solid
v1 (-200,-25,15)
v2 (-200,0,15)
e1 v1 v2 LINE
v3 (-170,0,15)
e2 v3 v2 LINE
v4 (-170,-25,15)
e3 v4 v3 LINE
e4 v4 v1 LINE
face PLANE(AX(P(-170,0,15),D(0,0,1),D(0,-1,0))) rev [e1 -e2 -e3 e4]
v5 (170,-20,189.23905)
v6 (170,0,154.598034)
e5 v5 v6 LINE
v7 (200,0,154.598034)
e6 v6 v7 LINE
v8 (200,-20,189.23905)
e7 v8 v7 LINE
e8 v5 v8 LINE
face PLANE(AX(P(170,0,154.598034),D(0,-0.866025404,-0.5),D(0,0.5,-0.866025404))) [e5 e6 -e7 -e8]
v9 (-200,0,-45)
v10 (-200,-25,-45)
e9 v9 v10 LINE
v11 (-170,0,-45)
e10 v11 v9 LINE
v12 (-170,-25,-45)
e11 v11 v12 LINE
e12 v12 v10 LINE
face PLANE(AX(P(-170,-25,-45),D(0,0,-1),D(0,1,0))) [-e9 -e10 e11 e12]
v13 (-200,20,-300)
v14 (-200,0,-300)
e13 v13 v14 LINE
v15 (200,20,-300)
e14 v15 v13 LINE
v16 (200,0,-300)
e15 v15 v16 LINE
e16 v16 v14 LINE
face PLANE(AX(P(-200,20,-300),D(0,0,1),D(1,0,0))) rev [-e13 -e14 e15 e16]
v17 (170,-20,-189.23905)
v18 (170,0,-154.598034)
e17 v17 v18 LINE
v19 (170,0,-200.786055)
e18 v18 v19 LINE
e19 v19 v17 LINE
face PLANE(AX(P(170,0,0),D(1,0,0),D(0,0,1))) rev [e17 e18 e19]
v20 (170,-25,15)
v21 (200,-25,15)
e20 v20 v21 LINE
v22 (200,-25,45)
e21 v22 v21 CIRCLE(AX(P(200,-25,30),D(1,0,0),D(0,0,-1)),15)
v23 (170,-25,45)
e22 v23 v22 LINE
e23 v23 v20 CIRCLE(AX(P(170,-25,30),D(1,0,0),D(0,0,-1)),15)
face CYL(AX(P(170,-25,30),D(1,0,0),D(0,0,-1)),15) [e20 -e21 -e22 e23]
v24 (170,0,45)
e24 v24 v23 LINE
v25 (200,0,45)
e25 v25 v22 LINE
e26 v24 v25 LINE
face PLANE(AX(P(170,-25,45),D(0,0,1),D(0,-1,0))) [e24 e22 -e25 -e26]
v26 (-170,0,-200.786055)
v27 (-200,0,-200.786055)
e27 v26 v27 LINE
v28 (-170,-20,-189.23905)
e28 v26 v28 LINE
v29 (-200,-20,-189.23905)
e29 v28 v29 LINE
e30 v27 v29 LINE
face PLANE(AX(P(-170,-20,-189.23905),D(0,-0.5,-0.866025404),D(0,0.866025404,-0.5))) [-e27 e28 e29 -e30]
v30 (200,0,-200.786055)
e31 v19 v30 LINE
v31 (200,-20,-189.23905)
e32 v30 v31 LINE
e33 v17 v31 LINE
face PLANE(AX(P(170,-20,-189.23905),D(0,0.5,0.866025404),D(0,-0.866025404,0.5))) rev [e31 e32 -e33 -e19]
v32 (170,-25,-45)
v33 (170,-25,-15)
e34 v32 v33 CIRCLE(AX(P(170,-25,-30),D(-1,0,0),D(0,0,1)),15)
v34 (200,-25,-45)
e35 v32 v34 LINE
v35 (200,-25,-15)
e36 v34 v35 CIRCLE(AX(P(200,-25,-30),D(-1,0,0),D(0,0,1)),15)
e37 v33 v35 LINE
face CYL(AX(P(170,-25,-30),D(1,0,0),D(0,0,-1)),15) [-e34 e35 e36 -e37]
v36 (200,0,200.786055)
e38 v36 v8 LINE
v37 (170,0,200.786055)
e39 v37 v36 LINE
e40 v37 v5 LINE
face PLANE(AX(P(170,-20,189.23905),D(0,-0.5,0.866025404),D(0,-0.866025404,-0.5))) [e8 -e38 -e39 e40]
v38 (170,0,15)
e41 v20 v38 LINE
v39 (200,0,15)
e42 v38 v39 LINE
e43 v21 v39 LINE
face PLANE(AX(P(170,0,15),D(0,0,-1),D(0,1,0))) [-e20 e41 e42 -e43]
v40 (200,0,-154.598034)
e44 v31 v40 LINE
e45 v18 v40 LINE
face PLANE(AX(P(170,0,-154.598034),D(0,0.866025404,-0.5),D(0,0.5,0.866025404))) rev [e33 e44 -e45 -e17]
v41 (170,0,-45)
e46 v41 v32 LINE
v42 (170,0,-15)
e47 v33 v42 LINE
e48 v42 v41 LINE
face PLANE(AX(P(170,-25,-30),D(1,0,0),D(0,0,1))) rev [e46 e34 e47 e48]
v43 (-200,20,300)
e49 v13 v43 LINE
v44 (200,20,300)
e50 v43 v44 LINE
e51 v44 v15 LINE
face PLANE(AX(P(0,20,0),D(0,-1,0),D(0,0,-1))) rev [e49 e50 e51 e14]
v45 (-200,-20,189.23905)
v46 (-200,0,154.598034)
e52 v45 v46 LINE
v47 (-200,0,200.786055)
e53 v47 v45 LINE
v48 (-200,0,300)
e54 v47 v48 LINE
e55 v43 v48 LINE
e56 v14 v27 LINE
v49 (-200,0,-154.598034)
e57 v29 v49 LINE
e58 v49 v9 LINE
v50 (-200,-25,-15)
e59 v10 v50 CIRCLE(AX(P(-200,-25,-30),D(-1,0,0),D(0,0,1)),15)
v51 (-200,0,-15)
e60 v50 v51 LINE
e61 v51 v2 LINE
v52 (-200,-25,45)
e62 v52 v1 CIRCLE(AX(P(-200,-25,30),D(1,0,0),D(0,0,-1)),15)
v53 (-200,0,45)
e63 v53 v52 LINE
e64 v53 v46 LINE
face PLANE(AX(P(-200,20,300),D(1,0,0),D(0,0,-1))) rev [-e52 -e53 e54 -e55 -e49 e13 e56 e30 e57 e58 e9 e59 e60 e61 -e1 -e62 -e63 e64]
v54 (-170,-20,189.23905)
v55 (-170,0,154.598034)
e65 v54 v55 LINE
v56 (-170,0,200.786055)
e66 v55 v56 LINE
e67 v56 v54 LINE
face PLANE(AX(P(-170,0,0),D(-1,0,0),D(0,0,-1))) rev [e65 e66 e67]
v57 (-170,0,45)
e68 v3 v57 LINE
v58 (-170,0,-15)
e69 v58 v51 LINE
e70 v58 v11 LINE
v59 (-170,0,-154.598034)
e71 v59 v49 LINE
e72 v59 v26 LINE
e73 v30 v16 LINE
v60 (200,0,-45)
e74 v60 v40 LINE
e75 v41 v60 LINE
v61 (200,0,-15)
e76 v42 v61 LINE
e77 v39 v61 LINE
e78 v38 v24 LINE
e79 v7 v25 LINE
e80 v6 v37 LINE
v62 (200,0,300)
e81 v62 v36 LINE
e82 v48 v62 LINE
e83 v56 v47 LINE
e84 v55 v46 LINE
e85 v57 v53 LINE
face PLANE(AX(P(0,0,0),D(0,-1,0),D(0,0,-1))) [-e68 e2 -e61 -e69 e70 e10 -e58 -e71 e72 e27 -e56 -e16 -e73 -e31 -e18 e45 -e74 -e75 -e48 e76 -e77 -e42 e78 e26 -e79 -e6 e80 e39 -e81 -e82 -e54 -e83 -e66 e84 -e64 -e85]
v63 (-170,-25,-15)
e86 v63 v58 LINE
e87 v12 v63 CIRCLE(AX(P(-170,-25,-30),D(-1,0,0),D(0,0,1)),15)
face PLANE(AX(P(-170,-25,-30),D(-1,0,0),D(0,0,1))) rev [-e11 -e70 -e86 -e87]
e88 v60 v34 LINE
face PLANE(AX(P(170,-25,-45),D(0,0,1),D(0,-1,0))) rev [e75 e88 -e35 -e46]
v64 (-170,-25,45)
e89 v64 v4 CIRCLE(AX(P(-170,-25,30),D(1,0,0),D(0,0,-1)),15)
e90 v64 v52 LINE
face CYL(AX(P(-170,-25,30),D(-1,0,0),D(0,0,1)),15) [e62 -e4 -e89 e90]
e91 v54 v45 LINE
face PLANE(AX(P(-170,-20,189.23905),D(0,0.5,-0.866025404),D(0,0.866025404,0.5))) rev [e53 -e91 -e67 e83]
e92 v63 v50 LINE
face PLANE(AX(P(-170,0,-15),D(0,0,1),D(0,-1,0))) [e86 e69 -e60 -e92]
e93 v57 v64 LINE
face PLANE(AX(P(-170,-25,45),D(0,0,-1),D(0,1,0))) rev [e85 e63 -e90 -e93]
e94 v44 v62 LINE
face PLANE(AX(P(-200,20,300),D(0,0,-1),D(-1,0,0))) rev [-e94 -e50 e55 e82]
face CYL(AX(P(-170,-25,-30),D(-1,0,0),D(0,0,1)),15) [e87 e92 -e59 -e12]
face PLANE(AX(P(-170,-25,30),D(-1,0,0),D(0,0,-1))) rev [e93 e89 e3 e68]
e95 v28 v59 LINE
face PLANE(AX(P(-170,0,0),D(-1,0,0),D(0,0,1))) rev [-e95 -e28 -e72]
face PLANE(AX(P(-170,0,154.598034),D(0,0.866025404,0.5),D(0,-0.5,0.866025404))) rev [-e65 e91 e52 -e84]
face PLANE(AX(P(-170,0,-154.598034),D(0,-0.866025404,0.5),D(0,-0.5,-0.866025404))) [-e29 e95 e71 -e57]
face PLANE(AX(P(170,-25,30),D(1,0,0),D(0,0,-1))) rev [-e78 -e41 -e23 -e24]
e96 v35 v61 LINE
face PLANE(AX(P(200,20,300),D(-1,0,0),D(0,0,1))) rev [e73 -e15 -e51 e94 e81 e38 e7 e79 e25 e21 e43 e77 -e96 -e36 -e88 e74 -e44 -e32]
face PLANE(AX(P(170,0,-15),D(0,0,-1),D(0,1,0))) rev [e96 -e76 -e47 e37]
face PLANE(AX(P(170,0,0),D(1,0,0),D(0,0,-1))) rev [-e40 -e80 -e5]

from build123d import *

# Parameters (mm, degrees)
SKETCH1_W            = 400
SKETCH1_H            = 600
BOSS_EXTRUDE1_DEPTH  = 20
BOSS_EXTRUDE2_DEPTH  = 30
MIRROR2_COPY_1_DEPTH = 30
BOSS_EXTRUDE3_DEPTH  = 30
MIRROR4_COPY_1_DEPTH = 30


with BuildPart() as part:
    # Sketch1 → Boss-Extrude1 (new body)
    with BuildSketch(Plane(origin=(0, 0, 0), x_dir=(1, 0, 0), z_dir=(0, 1, 0))):
        Rectangle(SKETCH1_W, SKETCH1_H)
    extrude(amount=BOSS_EXTRUDE1_DEPTH)

    # Sketch3 → Boss-Extrude2 (add)
    with BuildSketch(Plane(origin=(200, 0, 0), x_dir=(0, 0, -1), z_dir=(1, 0, 0))):
        with BuildLine():
            Line((-45, -25), (-45, 0))
            Line((-45, 0), (-15, 0))
            Line((-15, 0), (-15, -25))
            ThreePointArc((-15, -25), (-30, -40), (-45, -25))
        make_face()
    boss_extrude2 = extrude(amount=-BOSS_EXTRUDE2_DEPTH)

    # Mirror1: Boss-Extrude2 across plane
    add(boss_extrude2.mirror(Plane.XY))

    # Mirror2: Boss-Extrude2 across plane
    add(boss_extrude2.mirror(Plane(origin=(0, 0, 0), x_dir=(0, 0, 1), z_dir=(1, 0, 0))))

    # Mirror2 copy 1 sketch → Mirror2 copy 1 (add)
    with BuildSketch(Plane.ZY.offset(200)):
        with BuildLine():
            Line((-45, -25), (-45, 0))
            Line((-45, 0), (-15, 0))
            Line((-15, 0), (-15, -25))
            ThreePointArc((-15, -25), (-30, -40), (-45, -25))
        make_face()
    extrude(amount=-MIRROR2_COPY_1_DEPTH)

    # Sketch4 → Boss-Extrude3 (add)
    with BuildSketch(Plane(origin=(200, 0, 0), x_dir=(0, 0, -1), z_dir=(1, 0, 0))):
        Polygon((-154.598033597, 0), (-189.239049749, -20), (-200.786055132, 0), align=None)
    boss_extrude3 = extrude(amount=-BOSS_EXTRUDE3_DEPTH)

    # Mirror3: Boss-Extrude3 across plane
    add(boss_extrude3.mirror(Plane(origin=(0, 0, 0), x_dir=(0, 0, 1), z_dir=(1, 0, 0))))

    # Mirror4: Boss-Extrude3 across plane
    add(boss_extrude3.mirror(Plane.XY))

    # Mirror4 copy 1 sketch → Mirror4 copy 1 (add)
    with BuildSketch(Plane.ZY.offset(200)):
        Polygon((-154.598033597, 0), (-189.239049749, -20), (-200.786055132, 0), align=None)
    extrude(amount=-MIRROR4_COPY_1_DEPTH)


solid = part.part
